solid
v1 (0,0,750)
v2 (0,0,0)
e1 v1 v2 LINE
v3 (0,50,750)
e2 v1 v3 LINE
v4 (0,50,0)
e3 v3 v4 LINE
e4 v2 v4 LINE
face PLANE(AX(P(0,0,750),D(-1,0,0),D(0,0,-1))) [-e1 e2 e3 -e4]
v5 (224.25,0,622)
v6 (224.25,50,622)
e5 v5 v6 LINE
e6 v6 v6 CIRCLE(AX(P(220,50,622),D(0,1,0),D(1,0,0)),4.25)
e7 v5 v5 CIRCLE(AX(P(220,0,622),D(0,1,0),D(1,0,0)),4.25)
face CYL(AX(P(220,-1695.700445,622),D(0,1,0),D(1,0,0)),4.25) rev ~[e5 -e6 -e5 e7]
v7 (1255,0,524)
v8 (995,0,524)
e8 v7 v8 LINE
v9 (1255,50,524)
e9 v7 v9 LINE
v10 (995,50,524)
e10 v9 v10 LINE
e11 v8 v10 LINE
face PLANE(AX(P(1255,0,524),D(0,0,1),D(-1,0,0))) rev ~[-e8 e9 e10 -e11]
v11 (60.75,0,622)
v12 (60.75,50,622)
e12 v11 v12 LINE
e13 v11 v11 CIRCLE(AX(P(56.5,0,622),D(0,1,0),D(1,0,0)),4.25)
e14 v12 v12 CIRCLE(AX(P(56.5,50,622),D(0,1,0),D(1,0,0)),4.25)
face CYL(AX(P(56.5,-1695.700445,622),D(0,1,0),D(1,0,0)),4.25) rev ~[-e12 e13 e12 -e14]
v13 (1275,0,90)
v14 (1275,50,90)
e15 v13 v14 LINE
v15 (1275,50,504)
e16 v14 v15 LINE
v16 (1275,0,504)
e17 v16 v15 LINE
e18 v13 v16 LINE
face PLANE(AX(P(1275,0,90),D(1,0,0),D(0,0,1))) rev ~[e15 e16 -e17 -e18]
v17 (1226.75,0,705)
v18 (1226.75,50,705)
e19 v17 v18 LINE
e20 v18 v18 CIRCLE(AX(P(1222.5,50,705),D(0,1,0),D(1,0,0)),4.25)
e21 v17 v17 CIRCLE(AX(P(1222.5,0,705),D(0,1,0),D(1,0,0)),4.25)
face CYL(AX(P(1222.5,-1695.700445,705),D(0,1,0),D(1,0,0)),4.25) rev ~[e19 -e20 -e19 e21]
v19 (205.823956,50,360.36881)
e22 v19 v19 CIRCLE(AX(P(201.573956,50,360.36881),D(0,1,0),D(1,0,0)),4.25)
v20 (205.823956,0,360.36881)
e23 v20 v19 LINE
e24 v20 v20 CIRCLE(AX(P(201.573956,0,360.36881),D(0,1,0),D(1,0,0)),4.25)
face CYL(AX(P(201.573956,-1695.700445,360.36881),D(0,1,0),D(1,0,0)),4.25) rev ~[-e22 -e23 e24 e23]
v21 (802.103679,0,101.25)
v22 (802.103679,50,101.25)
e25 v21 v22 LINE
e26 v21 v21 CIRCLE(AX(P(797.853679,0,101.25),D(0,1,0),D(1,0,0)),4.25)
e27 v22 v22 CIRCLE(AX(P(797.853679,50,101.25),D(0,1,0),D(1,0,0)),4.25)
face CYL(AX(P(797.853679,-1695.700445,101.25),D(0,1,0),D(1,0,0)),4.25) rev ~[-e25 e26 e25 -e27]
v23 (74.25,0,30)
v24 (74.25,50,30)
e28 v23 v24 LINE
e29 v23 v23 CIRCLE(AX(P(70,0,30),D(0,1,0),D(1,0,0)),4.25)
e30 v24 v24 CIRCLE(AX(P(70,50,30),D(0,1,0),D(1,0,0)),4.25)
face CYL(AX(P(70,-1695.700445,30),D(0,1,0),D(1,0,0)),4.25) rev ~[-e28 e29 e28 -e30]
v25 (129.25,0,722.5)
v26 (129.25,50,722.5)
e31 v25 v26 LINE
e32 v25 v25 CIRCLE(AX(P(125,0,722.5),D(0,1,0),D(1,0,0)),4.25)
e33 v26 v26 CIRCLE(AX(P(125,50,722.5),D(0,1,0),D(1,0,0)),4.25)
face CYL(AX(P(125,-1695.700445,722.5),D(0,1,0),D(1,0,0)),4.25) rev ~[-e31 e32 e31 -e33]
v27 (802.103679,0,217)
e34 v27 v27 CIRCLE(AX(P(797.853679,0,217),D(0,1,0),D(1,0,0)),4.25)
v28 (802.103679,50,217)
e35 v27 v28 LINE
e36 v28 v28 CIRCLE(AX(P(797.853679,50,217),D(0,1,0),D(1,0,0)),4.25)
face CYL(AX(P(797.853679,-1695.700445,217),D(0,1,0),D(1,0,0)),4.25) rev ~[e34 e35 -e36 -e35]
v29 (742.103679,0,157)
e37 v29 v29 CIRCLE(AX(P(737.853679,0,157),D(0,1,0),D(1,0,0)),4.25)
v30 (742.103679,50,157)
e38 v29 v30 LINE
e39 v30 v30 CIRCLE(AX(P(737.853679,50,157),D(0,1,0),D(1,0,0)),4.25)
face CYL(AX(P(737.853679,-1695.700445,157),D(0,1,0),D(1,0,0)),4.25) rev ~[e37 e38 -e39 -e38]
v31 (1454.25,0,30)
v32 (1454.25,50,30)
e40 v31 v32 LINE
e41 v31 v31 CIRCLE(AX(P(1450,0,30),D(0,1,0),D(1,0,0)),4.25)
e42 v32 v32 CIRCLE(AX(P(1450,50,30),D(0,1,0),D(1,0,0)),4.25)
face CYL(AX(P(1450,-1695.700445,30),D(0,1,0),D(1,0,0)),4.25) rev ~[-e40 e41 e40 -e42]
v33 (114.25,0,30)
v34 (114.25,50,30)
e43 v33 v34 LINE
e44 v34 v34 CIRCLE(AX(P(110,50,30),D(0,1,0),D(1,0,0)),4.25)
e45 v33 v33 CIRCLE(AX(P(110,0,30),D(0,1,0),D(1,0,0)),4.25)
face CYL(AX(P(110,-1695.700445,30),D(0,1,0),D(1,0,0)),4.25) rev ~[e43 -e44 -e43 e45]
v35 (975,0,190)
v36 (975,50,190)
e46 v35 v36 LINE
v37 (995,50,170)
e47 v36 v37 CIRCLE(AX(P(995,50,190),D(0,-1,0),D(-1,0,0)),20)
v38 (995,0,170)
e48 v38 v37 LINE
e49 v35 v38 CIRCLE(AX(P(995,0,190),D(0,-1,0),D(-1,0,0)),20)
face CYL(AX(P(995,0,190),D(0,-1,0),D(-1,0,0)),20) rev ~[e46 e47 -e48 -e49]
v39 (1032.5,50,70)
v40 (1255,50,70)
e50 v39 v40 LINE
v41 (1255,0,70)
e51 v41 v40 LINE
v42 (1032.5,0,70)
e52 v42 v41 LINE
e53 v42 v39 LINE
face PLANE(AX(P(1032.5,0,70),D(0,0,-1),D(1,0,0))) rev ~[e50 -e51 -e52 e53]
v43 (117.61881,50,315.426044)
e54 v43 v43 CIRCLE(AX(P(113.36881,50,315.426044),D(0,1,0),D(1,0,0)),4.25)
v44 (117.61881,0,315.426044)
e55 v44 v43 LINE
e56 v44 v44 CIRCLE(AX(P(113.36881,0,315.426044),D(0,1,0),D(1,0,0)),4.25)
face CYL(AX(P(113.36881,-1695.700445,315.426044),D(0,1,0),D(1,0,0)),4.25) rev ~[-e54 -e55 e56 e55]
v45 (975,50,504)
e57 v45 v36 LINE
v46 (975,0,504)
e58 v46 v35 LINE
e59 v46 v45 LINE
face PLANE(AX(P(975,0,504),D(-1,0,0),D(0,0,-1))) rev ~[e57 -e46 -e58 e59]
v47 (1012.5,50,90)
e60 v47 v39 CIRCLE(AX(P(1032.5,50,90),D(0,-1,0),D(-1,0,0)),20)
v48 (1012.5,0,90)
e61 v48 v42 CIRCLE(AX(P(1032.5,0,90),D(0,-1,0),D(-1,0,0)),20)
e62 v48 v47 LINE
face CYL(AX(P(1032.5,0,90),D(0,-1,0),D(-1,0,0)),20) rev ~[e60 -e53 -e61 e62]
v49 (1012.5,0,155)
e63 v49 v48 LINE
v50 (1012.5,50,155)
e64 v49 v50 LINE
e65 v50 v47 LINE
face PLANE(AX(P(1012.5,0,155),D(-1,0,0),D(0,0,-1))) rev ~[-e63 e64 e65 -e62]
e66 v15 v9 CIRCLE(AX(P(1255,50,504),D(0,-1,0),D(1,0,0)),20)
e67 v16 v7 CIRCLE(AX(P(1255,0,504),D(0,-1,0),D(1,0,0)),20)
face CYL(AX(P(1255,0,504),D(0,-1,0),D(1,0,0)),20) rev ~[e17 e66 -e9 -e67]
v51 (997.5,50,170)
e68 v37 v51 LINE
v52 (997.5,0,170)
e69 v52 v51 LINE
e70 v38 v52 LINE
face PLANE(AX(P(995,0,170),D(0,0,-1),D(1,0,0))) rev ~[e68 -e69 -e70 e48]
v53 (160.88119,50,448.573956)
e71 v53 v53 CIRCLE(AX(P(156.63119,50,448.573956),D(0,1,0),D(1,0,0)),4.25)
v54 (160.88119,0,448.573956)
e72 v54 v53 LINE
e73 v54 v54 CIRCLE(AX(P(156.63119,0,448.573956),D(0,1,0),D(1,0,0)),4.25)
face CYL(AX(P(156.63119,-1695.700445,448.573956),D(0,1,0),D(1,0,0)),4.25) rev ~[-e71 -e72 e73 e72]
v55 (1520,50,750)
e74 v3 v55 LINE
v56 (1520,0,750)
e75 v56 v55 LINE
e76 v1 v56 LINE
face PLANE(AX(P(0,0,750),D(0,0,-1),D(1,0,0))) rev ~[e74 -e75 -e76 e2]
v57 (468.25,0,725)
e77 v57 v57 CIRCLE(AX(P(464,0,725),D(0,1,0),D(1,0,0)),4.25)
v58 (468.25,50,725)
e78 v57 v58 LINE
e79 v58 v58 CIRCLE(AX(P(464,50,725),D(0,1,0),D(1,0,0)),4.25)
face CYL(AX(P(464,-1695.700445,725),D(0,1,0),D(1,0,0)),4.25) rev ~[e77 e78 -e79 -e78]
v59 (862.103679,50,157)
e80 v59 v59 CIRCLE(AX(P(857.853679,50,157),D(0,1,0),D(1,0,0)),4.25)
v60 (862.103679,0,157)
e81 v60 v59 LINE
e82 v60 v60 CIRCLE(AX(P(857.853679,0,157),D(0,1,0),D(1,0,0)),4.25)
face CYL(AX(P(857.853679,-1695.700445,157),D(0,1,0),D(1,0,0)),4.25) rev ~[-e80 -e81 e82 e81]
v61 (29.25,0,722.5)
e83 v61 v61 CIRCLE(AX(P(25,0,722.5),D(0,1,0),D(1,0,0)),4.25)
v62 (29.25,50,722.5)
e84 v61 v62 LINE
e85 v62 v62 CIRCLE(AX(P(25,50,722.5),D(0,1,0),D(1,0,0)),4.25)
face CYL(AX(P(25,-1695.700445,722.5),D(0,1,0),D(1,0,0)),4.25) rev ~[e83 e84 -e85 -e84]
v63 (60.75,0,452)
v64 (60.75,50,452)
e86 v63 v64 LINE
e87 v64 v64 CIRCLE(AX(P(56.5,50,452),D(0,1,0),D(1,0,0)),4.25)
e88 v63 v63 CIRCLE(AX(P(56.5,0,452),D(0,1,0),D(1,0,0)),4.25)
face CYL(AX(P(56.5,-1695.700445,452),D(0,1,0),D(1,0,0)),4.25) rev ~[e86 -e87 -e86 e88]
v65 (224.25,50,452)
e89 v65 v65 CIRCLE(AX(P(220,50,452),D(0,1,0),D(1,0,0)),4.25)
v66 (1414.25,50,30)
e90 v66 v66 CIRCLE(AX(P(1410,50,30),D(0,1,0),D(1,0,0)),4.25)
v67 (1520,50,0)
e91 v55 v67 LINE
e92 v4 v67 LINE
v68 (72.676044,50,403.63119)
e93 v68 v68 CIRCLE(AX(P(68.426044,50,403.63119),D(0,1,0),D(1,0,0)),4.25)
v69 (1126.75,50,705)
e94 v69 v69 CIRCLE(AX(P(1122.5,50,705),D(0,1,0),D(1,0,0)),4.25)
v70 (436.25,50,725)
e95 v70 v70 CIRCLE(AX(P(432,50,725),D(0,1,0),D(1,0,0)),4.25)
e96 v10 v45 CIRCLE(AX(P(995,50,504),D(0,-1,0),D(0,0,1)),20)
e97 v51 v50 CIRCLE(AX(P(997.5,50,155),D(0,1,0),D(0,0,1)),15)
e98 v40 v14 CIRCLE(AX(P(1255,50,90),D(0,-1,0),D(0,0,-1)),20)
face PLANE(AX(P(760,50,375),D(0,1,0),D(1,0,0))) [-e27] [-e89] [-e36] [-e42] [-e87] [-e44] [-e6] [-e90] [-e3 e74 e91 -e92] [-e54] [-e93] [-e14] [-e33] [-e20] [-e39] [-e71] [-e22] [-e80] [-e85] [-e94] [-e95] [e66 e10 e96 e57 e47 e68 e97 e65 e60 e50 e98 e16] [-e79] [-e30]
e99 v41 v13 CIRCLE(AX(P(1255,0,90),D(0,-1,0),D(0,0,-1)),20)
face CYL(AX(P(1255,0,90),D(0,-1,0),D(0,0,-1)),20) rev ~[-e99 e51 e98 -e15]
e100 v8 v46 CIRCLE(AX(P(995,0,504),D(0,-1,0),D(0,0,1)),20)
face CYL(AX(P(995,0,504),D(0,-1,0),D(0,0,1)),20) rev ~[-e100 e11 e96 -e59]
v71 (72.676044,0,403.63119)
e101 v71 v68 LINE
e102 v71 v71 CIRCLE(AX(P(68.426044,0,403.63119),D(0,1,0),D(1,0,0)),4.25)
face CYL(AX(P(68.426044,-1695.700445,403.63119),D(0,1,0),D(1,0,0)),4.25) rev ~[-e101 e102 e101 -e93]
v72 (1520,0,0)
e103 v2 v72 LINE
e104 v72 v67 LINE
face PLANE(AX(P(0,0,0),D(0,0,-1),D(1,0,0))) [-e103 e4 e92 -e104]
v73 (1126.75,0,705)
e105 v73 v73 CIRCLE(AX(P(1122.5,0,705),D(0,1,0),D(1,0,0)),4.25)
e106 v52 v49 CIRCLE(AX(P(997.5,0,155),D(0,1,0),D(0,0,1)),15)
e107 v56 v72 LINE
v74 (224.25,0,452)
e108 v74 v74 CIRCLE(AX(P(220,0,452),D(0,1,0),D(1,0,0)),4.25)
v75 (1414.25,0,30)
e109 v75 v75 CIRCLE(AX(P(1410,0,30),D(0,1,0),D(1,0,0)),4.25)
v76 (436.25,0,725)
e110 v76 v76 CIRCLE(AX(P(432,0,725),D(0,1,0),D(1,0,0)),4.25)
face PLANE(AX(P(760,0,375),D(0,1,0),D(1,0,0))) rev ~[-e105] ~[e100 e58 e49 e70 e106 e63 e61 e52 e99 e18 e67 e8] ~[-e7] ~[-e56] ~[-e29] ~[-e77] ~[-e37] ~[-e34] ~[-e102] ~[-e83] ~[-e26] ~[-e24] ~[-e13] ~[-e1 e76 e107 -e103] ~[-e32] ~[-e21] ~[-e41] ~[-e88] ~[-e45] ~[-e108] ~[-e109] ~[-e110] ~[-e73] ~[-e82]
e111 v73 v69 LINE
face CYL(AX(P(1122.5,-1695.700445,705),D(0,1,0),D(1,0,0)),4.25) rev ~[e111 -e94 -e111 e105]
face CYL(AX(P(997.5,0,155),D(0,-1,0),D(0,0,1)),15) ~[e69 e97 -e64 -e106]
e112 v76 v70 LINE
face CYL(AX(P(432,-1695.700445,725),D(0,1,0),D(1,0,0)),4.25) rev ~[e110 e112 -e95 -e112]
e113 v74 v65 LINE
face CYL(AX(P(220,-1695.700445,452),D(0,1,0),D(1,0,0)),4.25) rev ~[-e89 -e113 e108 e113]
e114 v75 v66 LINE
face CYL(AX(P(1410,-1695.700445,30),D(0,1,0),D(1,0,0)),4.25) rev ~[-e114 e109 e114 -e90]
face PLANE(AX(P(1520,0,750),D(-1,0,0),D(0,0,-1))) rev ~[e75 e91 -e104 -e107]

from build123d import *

# Parameters (mm, degrees)
SKIZZE3_W                       = 1520
SKIZZE3_H                       = 750
AUFSATZ_LINEAR_AUSTRAGEN1_DEPTH = 50
M10_GEWINDEBOHRUNG1_D           = 8.5


with BuildPart() as part:
    # Skizze3 → Aufsatz-Linear austragen1 (new body)
    with BuildSketch(Plane(origin=(0, 0, 0), x_dir=(1, 0, 0), z_dir=(0, 1, 0))):
        with Locations((760, -375)):
            Rectangle(SKIZZE3_W, SKIZZE3_H)
        with BuildLine():
            Line((995, -170), (997.5, -170))
            ThreePointArc((997.5, -170), (1008.106601718, -165.606601718), (1012.5, -155))
            Line((1012.5, -155), (1012.5, -90))
            ThreePointArc((1012.5, -90), (1018.357864376, -75.857864376), (1032.5, -70))
            Line((1032.5, -70), (1255, -70))
            ThreePointArc((1255, -70), (1269.142135624, -75.857864376), (1275, -90))
            Line((1275, -90), (1275, -504))
            ThreePointArc((1275, -504), (1269.142135624, -518.142135624), (1255, -524))
            Line((1255, -524), (995, -524))
            ThreePointArc((995, -524), (980.857864376, -518.142135624), (975, -504))
            Line((975, -504), (975, -190))
            ThreePointArc((975, -190), (980.857864376, -175.857864376), (995, -170))
        make_face(mode=Mode.SUBTRACT)
    extrude(amount=AUFSATZ_LINEAR_AUSTRAGEN1_DEPTH)

    # M10 Gewindebohrung1 (through all)
    with Locations(Plane(origin=(0, 0, 0), x_dir=(-1, 0, 0), z_dir=(0, -1, 0))):
        with Locations((-70, -30), (-110, -30), (-432, -725), (-464, -725), (-125, -722.5), (-25, -722.5), (-56.5, -622), (-56.5, -452), (-220, -452), (-220, -622), (-68.426043859, -403.631189606), (-1122.5, -705), (-1222.5, -705), (-1410, -30), (-1450, -30), (-113.368810394, -315.426043859), (-201.573956141, -360.368810394), (-156.631189606, -448.573956141), (-797.85367918, -217), (-797.85367918, -101.25), (-857.85367918, -157), (-737.85367918, -157)):
            Hole(M10_GEWINDEBOHRUNG1_D / 2)


solid = part.part
